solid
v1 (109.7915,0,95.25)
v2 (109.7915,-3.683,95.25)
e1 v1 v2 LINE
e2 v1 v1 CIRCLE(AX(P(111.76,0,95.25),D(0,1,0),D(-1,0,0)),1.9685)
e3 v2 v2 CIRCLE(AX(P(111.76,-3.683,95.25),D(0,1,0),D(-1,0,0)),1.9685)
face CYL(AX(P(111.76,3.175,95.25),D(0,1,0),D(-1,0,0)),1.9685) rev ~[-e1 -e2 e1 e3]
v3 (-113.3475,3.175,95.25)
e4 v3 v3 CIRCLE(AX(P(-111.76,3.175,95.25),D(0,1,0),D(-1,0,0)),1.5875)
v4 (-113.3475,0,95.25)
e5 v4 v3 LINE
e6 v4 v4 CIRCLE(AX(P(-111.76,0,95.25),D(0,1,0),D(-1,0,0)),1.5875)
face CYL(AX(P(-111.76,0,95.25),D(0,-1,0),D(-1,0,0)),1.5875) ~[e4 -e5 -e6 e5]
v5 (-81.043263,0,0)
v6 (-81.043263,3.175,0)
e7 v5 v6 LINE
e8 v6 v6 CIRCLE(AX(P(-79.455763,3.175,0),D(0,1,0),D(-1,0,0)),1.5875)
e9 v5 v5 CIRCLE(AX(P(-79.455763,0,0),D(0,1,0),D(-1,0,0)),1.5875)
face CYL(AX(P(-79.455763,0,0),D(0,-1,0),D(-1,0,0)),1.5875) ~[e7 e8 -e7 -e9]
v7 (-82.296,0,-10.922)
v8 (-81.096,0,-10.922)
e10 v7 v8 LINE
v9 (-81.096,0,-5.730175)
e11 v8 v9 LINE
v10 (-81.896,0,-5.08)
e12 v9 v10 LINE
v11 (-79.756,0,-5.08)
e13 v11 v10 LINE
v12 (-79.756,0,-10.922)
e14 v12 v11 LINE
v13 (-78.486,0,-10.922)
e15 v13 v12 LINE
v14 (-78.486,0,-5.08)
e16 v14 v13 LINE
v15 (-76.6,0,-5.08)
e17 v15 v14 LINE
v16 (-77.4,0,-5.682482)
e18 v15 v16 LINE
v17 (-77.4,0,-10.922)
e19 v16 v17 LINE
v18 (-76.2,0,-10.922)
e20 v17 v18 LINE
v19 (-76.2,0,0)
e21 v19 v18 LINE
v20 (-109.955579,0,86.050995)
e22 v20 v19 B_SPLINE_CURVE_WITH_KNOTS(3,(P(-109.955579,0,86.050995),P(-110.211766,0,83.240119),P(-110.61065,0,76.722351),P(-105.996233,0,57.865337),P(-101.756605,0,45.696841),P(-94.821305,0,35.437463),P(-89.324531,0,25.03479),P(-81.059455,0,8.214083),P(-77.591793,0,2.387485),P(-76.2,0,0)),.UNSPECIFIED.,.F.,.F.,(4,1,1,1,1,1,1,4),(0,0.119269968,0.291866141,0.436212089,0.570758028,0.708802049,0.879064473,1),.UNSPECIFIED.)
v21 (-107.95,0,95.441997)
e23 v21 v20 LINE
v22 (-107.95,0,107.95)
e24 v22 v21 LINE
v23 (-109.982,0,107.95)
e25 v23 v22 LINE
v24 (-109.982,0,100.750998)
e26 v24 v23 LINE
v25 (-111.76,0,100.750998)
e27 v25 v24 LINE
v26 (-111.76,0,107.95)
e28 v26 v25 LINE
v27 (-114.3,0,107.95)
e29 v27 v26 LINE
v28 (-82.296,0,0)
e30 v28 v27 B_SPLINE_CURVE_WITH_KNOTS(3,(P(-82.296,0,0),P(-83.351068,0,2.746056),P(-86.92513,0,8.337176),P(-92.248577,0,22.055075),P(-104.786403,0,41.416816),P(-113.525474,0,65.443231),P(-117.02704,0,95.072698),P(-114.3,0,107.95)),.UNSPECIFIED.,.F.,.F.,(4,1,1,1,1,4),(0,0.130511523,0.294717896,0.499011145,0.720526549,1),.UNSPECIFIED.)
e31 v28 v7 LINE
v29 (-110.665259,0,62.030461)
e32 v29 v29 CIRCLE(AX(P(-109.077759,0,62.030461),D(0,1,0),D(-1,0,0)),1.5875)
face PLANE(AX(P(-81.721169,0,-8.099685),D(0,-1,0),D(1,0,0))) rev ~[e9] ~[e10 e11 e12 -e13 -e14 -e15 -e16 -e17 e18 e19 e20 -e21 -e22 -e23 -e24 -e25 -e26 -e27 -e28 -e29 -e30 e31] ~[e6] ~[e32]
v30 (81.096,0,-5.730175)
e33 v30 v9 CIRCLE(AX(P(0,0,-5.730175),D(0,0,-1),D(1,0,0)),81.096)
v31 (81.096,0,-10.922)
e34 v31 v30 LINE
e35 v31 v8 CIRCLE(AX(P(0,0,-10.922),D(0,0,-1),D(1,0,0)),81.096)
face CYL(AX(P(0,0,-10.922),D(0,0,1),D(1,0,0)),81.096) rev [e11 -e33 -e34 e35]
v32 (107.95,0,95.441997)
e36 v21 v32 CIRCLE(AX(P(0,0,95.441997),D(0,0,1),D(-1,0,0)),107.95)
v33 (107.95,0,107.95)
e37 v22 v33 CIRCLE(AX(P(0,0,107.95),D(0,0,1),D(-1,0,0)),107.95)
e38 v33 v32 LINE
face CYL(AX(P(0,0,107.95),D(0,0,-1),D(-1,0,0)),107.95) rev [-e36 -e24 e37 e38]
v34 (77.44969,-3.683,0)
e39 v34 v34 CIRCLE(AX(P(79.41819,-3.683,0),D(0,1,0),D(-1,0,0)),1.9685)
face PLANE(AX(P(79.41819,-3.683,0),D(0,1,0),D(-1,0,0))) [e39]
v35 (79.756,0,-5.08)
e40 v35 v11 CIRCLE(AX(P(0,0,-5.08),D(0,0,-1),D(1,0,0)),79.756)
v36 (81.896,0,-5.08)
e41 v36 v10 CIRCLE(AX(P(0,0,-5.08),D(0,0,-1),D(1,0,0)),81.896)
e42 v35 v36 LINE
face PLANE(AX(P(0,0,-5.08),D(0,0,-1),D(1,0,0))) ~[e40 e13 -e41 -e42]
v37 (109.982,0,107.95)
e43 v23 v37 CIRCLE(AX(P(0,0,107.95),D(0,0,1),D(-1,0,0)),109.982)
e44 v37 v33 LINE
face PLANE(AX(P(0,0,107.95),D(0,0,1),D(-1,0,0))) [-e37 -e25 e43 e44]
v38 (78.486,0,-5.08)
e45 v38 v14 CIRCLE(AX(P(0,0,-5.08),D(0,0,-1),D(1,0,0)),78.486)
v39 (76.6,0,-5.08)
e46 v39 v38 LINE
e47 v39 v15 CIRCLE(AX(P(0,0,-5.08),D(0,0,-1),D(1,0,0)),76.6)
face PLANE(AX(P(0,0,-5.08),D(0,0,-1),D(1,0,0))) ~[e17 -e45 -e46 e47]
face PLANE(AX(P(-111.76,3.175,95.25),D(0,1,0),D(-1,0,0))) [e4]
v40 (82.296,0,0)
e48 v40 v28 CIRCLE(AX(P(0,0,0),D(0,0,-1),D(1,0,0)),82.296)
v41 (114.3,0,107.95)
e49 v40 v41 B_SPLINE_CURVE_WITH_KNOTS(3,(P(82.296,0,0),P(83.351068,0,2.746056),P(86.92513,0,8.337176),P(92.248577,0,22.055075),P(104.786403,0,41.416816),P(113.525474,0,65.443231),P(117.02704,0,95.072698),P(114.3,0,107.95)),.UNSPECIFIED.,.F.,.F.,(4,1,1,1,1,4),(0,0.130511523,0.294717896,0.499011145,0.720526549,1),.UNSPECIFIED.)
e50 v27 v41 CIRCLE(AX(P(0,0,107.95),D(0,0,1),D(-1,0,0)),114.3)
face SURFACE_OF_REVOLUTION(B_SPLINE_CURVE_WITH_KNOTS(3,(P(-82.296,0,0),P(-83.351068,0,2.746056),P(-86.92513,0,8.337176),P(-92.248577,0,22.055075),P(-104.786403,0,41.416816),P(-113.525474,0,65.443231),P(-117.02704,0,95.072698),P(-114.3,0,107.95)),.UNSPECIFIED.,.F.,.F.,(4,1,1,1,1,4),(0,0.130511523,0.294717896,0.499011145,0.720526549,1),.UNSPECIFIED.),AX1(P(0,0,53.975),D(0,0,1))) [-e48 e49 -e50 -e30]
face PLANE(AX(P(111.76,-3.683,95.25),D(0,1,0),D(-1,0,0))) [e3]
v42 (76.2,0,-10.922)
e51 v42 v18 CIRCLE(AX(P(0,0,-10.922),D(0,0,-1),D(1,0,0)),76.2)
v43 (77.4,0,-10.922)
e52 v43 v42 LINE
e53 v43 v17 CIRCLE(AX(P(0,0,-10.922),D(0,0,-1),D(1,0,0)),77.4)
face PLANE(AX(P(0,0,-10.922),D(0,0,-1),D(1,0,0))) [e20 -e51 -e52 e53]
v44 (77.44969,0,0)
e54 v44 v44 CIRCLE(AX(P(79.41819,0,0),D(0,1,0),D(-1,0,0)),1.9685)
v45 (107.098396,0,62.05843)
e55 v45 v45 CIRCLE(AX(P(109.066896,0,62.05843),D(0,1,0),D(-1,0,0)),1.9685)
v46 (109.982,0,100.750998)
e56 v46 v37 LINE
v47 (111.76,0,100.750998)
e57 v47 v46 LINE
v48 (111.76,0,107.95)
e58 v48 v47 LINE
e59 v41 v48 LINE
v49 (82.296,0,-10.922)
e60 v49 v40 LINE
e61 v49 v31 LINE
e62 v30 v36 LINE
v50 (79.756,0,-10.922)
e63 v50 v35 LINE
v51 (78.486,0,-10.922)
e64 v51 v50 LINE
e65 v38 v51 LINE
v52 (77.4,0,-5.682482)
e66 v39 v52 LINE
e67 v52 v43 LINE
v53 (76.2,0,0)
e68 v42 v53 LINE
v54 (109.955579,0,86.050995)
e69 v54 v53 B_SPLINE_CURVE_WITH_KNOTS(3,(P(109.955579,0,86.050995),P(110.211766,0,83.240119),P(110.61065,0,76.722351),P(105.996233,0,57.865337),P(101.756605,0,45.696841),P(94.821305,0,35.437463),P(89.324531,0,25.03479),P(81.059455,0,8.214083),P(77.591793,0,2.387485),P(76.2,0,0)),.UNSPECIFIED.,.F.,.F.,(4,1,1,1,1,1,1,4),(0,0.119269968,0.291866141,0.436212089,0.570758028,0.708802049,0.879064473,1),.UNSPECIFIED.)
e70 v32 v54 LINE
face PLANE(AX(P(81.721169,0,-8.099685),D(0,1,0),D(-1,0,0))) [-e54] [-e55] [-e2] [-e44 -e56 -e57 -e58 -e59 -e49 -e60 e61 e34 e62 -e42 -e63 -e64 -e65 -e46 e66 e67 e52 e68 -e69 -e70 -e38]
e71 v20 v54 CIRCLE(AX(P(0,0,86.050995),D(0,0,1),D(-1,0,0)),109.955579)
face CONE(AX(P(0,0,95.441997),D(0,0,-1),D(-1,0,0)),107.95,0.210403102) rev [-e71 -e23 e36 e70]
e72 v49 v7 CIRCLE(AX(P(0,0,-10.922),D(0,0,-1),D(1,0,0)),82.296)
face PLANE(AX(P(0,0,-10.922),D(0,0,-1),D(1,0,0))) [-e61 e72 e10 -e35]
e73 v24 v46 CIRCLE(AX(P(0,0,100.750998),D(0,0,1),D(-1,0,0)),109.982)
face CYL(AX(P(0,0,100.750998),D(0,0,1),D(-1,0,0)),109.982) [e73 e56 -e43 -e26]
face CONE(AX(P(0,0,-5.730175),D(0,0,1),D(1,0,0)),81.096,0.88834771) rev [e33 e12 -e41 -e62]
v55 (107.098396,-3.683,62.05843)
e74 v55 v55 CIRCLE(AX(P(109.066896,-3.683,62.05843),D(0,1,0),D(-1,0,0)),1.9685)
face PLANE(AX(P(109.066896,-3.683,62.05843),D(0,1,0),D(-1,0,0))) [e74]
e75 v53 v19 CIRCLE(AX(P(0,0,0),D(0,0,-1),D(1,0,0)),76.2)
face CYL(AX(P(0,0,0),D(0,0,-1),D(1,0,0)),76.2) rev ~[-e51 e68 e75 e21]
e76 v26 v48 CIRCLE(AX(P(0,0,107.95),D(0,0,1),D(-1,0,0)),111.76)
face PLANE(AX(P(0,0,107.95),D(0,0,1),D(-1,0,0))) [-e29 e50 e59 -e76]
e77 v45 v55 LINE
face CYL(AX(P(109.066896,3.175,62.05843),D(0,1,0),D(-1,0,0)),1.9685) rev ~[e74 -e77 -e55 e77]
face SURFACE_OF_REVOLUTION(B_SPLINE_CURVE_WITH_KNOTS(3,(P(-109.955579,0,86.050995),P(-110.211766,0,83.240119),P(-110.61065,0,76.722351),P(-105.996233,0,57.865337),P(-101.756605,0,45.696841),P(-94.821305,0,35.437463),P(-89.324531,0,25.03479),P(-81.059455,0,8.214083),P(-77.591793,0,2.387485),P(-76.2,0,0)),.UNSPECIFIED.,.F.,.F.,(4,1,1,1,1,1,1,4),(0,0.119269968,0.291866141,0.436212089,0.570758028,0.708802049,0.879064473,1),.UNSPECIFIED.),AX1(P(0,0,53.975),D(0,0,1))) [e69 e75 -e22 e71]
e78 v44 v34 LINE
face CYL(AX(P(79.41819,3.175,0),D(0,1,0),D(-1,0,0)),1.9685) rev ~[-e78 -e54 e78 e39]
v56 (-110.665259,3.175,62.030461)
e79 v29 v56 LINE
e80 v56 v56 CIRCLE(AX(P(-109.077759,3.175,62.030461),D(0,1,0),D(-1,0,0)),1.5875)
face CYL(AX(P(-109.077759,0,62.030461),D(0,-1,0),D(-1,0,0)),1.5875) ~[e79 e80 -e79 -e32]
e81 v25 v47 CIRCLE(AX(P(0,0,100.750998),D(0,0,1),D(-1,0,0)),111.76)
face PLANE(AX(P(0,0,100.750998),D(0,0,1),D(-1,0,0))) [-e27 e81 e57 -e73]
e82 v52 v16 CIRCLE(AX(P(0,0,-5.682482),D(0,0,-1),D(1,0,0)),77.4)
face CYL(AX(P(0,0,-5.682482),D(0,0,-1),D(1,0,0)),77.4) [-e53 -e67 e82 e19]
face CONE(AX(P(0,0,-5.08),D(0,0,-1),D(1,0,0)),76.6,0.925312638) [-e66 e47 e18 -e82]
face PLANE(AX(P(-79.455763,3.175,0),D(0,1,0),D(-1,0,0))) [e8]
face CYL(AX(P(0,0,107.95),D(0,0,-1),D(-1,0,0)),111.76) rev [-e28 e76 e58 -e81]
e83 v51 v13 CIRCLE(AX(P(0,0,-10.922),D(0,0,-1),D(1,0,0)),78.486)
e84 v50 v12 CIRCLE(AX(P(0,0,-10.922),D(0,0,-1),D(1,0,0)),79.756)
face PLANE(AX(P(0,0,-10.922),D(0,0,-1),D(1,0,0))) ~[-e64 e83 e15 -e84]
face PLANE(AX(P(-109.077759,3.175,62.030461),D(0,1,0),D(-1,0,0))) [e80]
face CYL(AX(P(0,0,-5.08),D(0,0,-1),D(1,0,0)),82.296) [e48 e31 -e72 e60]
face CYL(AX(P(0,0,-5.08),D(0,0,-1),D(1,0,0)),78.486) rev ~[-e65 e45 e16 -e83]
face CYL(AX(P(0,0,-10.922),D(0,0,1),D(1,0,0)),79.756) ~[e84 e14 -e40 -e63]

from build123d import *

# Parameters (mm, degrees)
F1_ANGLE  = 180
F3_ANGLE  = 180
F5_R      = 1.5875
F6_DEPTH  = 3.175
F7_R      = 1.9685
F8_DEPTH  = 6.858
F10_ANGLE = 180


with BuildPart() as f1:
    # F0 (on Front) → F1 (revolve)
    with BuildSketch(Plane.XZ):
        Polygon((82.296, 0), (76.2, 0), (76.2, -5.08), (78.486, -5.08), (78.486, -10.922), (79.756, -10.922), (79.756, -5.08), (82.296, -5.08), align=None)
    revolve(axis=Axis((0, 0, -3.3090594225), (0, 0, -1)), revolution_arc=F1_ANGLE)

    # F2 (on face) → F3 (revolve)
    with BuildSketch(Plane(origin=(0, 0, 0), x_dir=(-1, 0, 0), z_dir=(0, 1, 0))):
        with BuildLine():
            Line((109.982, 107.95), (107.95, 107.95))
            Line((107.95, 107.95), (107.95, 95.4419970512))
            Line((107.95, 95.4419970512), (109.9555790424, 86.0509946942))
            add(Edge.make_bspline(
                [(109.9555790424, 86.0509946942), (110.2117663194, 83.2401192533), (110.6106504967, 76.722351273), (105.9962332065, 57.8653367135), (101.756604934, 45.6968411425), (94.8213054674, 35.4374632093), (89.3245305774, 25.0347896967), (81.0594552677, 8.2140825247), (77.5917934991, 2.3874851052), (76.2, 0)],
                knots=[0, 0, 0, 0, 0.119269968, 0.291866141, 0.4362120888, 0.5707580275, 0.708802049, 0.8790644733, 1, 1, 1, 1], degree=3))
            Line((76.2, 0), (82.296, 0))
            add(Edge.make_bspline(
                [(82.296, 0), (83.3510677988, 2.7460559383), (86.9251299009, 8.3371760807), (92.2485769181, 22.0550745253), (104.7864032306, 41.4168156388), (113.5254737482, 65.4432313512), (117.0270400805, 95.0726980879), (114.3, 107.95)],
                knots=[0, 0, 0, 0, 0.1305115226, 0.2947178963, 0.4990111446, 0.7205265486, 1, 1, 1, 1], degree=3))
            Line((114.3, 107.95), (111.76, 107.95))
            Line((111.76, 107.95), (111.76, 100.7509976625))
            Line((111.76, 100.7509976625), (109.982, 100.7509976625))
            Line((109.982, 100.7509976625), (109.982, 107.95))
        make_face()
    revolve(axis=Axis((0, 0, 53.975), (0, 0, 1)), revolution_arc=F3_ANGLE)

    # F5 (on face) → F6 (join)
    with BuildSketch(Plane(origin=(0, 0, 0), x_dir=(-1, 0, 0), z_dir=(0, 1, 0))):
        with Locations((111.76, 95.25)):
            Circle(F5_R)
        with Locations((79.4557631016, 0)):
            Circle(F5_R)
        with Locations((109.0777590871, 62.0304606855)):
            Circle(F5_R)
        with Locations((-111.76, 95.25)):
            Circle(F5_R)
        with Locations((-109.0777590871, 62.0304606855)):
            Circle(F5_R)
        with Locations((-79.4557631016, 0)):
            Circle(F5_R)
    extrude(amount=F6_DEPTH)

    # F7 (on face) → F8 (cut)
    with BuildSketch(Plane(origin=(0, 3.175, 0), x_dir=(-1, 0, 0), z_dir=(0, 1, 0))):
        with Locations((-111.76, 95.25)):
            Circle(F7_R)
        with Locations((-109.0668961406, 62.0584301651)):
            Circle(F7_R)
        with Locations((-79.4181898236, 0)):
            Circle(F7_R)
    extrude(amount=-F8_DEPTH, mode=Mode.SUBTRACT)

    # F9 (on face) → F10 (revolve)
    with BuildSketch(Plane(origin=(0, 0, 0), x_dir=(-1, 0, 0), z_dir=(0, 1, 0))):
        Polygon((-81.896, -5.08), (-82.296, -5.08), (-82.296, -10.922), (-81.096, -10.922), (-81.096, -5.7301754132), align=None)
        Polygon((-76.2, -10.922), (-76.2, -5.08), (-76.6, -5.08), (-77.4, -5.6824819185), (-77.4, -10.922), align=None)
    revolve(axis=Axis((0, 0, -7.6545081101), (0, 0, -1)), revolution_arc=F10_ANGLE)


solid = f1.part
